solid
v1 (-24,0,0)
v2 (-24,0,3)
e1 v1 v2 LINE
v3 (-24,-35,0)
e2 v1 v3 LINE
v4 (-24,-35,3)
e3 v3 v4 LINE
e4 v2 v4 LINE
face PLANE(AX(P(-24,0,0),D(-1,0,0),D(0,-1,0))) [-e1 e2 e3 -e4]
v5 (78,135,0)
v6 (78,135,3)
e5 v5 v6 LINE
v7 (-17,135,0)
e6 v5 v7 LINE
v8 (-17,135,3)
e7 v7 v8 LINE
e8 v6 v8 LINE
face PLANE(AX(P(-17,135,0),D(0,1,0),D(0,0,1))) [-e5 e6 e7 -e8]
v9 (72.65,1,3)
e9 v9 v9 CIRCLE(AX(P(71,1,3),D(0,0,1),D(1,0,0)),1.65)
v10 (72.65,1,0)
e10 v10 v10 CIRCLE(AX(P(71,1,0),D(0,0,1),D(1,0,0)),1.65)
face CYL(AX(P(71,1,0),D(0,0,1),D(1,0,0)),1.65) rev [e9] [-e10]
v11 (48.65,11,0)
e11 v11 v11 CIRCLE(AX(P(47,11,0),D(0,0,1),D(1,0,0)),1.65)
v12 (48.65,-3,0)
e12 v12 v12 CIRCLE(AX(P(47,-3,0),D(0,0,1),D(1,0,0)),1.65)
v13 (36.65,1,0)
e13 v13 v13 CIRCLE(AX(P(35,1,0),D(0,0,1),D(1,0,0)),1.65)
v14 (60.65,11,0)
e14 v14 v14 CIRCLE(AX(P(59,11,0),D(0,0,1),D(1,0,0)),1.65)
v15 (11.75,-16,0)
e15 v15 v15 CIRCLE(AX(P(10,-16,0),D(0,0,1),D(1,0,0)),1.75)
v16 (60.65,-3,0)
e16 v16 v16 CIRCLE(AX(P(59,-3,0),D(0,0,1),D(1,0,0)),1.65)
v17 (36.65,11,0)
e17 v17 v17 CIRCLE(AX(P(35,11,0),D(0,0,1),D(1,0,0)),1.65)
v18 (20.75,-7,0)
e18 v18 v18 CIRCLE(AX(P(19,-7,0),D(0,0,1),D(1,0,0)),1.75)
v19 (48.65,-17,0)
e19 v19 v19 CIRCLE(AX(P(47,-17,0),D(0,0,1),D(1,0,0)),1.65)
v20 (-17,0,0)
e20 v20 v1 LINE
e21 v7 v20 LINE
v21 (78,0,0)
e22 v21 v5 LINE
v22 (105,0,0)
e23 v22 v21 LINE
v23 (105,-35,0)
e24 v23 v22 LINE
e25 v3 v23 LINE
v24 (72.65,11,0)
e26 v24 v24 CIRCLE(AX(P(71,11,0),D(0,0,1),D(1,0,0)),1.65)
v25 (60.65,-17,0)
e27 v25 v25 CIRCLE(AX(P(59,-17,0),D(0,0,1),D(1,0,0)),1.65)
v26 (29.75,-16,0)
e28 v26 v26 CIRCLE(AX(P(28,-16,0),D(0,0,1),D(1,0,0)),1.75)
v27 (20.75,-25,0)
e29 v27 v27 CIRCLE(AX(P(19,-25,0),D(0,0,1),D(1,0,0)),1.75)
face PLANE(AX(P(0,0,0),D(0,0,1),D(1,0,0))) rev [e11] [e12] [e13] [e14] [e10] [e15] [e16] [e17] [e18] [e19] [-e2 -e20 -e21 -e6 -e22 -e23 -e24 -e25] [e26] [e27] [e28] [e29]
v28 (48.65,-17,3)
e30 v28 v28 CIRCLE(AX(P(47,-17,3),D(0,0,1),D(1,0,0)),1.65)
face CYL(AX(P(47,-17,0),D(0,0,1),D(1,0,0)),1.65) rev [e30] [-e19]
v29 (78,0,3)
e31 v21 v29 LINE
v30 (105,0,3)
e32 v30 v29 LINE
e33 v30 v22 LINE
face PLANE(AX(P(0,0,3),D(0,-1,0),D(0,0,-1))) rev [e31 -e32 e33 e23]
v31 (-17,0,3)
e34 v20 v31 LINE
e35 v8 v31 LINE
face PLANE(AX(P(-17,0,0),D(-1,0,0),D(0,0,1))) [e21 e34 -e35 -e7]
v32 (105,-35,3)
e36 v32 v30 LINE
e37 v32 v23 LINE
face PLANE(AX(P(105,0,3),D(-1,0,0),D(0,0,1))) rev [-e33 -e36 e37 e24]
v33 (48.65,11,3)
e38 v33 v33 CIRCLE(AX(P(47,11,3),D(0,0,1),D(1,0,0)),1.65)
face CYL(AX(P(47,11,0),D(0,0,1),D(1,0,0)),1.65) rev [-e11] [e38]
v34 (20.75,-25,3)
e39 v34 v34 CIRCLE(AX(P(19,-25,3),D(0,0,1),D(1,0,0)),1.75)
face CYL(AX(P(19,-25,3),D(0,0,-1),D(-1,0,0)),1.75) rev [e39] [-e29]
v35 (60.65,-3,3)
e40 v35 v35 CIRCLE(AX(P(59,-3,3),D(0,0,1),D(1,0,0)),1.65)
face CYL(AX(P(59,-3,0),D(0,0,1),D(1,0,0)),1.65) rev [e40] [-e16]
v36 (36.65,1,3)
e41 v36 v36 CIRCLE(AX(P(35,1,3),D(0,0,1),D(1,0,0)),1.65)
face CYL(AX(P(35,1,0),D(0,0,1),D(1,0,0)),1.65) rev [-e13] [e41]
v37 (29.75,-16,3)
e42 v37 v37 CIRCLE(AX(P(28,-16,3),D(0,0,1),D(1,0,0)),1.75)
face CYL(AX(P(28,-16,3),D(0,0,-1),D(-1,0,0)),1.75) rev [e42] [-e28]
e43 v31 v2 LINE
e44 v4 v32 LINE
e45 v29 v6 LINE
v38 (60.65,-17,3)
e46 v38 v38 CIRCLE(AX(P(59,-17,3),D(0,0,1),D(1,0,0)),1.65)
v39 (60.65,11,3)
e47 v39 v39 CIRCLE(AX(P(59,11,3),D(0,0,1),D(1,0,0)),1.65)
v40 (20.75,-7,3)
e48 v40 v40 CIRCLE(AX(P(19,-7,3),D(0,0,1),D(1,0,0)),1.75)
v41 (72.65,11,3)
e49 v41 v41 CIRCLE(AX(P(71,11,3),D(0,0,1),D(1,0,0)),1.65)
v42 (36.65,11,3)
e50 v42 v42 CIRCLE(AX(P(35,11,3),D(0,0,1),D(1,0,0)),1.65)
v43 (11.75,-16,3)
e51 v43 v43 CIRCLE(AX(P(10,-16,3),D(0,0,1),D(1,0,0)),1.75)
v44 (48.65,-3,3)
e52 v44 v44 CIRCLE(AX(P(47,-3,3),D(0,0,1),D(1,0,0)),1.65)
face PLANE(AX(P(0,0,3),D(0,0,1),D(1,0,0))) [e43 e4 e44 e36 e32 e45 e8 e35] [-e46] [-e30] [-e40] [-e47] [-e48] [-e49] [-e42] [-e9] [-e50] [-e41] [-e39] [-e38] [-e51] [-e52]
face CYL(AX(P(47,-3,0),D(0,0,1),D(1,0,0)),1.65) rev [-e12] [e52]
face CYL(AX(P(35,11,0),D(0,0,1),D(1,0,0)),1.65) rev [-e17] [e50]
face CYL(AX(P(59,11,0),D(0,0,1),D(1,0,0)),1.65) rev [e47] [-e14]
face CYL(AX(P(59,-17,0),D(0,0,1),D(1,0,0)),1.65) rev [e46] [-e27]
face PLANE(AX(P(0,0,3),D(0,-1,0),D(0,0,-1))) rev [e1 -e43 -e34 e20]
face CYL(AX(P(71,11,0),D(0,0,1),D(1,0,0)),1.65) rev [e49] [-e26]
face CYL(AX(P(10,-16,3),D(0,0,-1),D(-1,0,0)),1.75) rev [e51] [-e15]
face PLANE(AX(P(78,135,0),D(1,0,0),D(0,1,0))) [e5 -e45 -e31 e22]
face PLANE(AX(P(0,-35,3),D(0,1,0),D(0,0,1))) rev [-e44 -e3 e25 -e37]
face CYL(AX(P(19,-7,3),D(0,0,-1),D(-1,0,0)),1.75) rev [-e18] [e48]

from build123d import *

# Parameters (mm, degrees)
SKETCH_1_W          = 105
SKETCH_1_H          = 35
SKETCH_1_R          = 1.75
EXTRUDE_1_DEPTH     = 3
SKETCH_3_W          = 24
SKETCH_3_H          = 35
EXTRUDE_2_DEPTH     = 3
SKETCH_4_W          = 95
SKETCH_4_H          = 135
EXTRUDE_3_DEPTH     = 3
SKETCH_2_R          = 1.65
CUT_EXTRUDE_1_DEPTH = 172.052623482


with BuildPart() as part:
    # 草图1 → 凸台-拉伸1 (new body)
    with BuildSketch(Plane.XY):
        with Locations((52.5, -17.5)):
            Rectangle(SKETCH_1_W, SKETCH_1_H)
        with Locations((19, -7)):
            Circle(SKETCH_1_R, mode=Mode.SUBTRACT)
        with Locations((10, -16)):
            Circle(SKETCH_1_R, mode=Mode.SUBTRACT)
        with Locations((19, -25)):
            Circle(SKETCH_1_R, mode=Mode.SUBTRACT)
        with Locations((28, -16)):
            Circle(SKETCH_1_R, mode=Mode.SUBTRACT)
    extrude(amount=EXTRUDE_1_DEPTH)

    # 草图3 → 凸台-拉伸2 (add)
    with BuildSketch(Plane.XY.offset(3)):
        with Locations((-12, -17.5)):
            Rectangle(SKETCH_3_W, SKETCH_3_H)
    extrude(amount=-EXTRUDE_2_DEPTH)

    # 草图4 → 凸台-拉伸3 (add)
    with BuildSketch(Plane.XY.offset(3)):
        with Locations((30.5, 67.5)):
            Rectangle(SKETCH_4_W, SKETCH_4_H)
    extrude(amount=-EXTRUDE_3_DEPTH)

    # 草图2 → 切除-拉伸1 (cut, through all)
    with BuildSketch(Plane.XY.offset(3)):
        with Locations((47, -3)):
            Circle(SKETCH_2_R)
        with Locations((59, -3)):
            Circle(SKETCH_2_R)
        with Locations((47, 11)):
            Circle(SKETCH_2_R)
        with Locations((59, 11)):
            Circle(SKETCH_2_R)
        with Locations((71, 11)):
            Circle(SKETCH_2_R)
        with Locations((35, 11)):
            Circle(SKETCH_2_R)
        with Locations((35, 1)):
            Circle(SKETCH_2_R)
        with Locations((71, 1)):
            Circle(SKETCH_2_R)
        with Locations((47, -17)):
            Circle(SKETCH_2_R)
        with Locations((59, -17)):
            Circle(SKETCH_2_R)
    extrude(amount=-CUT_EXTRUDE_1_DEPTH, mode=Mode.SUBTRACT)


solid = part.part
